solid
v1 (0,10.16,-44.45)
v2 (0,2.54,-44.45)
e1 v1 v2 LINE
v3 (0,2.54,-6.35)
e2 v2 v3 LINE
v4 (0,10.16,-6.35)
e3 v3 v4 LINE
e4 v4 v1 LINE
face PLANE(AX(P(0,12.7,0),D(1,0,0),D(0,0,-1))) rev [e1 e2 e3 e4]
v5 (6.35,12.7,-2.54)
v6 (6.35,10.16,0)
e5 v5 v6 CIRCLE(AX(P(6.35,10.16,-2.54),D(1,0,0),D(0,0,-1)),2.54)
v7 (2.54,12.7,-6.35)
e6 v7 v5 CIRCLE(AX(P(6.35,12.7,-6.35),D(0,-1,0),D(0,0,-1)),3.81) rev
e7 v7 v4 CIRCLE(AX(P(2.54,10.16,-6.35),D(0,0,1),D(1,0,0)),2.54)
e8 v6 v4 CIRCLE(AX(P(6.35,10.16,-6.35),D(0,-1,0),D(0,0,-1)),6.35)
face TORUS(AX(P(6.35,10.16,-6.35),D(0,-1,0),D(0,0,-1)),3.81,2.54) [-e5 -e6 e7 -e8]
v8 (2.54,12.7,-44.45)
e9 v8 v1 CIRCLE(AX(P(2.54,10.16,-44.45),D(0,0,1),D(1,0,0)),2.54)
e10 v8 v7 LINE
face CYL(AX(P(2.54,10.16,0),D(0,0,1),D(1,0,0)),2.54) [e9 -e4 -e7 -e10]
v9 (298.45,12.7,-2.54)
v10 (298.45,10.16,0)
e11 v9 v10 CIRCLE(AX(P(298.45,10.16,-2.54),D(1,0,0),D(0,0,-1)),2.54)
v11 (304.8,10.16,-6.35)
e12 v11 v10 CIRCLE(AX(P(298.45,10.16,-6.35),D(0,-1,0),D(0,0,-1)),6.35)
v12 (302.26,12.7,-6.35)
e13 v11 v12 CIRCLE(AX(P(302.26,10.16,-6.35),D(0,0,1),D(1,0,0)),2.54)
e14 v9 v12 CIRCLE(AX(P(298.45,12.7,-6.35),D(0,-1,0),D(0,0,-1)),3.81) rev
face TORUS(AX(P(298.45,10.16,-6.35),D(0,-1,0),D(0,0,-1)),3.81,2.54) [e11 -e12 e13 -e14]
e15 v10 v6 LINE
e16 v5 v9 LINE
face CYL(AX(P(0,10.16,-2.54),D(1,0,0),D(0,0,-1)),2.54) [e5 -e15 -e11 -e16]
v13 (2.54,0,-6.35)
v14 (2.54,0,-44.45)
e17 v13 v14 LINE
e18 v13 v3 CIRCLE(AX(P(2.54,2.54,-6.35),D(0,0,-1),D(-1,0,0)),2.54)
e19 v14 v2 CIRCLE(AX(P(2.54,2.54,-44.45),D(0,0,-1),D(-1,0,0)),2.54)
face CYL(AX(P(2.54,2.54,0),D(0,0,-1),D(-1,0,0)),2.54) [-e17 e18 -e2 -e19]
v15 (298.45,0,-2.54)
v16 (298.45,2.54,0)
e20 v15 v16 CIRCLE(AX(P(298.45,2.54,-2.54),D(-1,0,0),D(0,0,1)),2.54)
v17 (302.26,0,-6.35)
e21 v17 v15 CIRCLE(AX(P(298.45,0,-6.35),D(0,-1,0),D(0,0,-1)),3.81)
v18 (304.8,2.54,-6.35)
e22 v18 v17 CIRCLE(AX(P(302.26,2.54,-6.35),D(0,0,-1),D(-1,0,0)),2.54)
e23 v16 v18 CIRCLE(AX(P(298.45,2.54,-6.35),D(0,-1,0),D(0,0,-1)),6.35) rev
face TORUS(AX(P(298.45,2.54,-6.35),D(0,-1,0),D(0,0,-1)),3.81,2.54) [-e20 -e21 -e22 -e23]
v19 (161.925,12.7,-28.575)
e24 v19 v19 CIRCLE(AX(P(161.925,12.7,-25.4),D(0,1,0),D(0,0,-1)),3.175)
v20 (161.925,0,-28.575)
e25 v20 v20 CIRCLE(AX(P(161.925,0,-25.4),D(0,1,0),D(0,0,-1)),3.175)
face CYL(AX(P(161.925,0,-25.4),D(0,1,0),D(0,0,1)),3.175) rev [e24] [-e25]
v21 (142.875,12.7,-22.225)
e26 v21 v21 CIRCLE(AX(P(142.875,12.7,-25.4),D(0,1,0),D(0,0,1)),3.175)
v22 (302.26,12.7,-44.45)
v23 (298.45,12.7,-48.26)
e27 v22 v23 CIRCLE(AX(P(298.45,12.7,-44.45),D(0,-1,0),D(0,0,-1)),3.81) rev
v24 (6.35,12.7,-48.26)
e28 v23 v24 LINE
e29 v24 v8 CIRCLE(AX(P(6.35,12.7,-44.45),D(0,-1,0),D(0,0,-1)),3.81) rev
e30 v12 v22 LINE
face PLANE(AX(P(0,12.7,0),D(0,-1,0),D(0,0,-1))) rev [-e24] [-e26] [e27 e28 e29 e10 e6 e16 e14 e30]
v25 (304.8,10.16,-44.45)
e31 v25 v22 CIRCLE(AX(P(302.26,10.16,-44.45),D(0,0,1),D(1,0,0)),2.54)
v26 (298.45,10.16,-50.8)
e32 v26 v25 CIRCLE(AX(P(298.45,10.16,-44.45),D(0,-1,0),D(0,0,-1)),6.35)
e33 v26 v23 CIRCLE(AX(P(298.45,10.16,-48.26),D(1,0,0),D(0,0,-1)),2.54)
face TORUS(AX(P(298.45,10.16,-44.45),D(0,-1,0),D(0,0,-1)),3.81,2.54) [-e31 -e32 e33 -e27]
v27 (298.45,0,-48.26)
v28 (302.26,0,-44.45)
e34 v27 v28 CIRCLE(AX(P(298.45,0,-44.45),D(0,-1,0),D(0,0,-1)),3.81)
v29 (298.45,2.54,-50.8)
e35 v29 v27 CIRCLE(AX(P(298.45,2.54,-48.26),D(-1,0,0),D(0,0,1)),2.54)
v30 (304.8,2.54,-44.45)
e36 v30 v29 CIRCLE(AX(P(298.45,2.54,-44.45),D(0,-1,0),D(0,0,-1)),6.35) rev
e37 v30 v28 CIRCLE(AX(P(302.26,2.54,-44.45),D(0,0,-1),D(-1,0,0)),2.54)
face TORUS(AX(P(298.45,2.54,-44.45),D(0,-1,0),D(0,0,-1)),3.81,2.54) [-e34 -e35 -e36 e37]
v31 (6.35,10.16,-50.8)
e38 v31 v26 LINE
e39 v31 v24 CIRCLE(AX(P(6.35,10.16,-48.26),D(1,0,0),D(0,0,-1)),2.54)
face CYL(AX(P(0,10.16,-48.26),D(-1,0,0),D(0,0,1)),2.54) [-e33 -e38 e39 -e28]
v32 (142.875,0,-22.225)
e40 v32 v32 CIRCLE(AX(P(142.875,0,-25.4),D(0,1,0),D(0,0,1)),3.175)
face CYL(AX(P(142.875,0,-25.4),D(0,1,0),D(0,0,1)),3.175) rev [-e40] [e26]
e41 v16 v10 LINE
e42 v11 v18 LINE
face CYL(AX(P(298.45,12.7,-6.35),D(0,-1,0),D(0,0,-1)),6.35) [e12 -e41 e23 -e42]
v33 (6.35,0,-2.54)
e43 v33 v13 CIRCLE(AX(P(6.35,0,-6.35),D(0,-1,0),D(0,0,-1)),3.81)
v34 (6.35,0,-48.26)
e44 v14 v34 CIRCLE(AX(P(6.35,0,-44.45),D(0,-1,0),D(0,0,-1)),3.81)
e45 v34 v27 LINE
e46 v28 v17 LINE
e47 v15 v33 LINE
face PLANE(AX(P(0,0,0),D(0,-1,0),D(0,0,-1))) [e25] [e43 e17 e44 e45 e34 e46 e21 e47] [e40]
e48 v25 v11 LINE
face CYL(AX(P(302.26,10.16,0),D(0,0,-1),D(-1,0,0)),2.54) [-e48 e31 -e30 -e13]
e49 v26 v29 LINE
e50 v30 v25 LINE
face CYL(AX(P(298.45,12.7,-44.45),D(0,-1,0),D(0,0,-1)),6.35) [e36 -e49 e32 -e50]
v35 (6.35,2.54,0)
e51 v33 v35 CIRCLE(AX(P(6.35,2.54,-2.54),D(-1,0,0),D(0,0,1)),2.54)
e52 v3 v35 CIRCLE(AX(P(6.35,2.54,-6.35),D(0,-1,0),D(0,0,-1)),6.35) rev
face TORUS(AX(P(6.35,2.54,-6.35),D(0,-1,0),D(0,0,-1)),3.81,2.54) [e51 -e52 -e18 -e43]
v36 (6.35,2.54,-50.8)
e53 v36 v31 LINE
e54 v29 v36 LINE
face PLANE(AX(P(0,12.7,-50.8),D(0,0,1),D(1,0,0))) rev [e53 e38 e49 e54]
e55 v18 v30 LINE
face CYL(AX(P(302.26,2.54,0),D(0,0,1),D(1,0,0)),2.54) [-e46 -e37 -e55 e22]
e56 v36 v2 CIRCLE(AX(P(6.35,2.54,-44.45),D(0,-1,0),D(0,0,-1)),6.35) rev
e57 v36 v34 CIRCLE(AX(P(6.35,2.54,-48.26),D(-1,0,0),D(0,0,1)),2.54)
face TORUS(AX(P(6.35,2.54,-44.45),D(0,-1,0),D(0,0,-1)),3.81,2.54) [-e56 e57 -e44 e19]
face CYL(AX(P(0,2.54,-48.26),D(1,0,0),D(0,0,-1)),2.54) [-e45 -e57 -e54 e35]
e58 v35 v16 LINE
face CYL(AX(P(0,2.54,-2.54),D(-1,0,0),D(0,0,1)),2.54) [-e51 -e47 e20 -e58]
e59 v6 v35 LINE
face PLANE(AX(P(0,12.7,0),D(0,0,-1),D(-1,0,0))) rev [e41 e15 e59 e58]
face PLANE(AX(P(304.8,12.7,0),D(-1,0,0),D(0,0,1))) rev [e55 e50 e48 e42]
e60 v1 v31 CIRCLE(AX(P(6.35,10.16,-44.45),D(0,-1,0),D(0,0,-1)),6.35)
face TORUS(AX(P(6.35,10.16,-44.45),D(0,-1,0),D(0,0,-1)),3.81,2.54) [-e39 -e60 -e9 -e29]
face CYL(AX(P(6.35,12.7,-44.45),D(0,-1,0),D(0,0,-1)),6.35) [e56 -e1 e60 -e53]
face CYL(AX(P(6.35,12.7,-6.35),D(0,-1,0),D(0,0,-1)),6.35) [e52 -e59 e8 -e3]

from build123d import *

# Parameters (mm, degrees)
SKETCH1_W           = 304.8
SKETCH1_H           = 50.8
BOSS_EXTRUDE1_DEPTH = 12.7
FILLET1_R           = 6.35
FILLET2_R           = 2.54
SKETCH2_R           = 3.175
CUT_EXTRUDE1_DEPTH  = 310.265209812


with BuildPart() as part:
    # Sketch1 → Boss-Extrude1 (new body)
    with BuildSketch(Plane(origin=(0, 0, 0), x_dir=(1, 0, 0), z_dir=(0, 1, 0))):
        with Locations((152.4, 25.4)):
            Rectangle(SKETCH1_W, SKETCH1_H)
    extrude(amount=BOSS_EXTRUDE1_DEPTH)

    # Fillet1
    fillet1_edges = [part.edges().sort_by_distance(p)[0] for p in [
        (0, 6.35, -50.8),
        (304.8, 6.35, -50.8),
        (304.8, 6.35, 0),
        (0, 6.35, 0),
    ]]
    fillet(fillet1_edges, radius=FILLET1_R)

    # Fillet2
    fillet2_edges = [part.edges().sort_by_distance(p)[0] for p in [
        (152.4, 0, -50.8),
        (152.4, 12.7, -50.8),
        (0, 0, -25.4),
        (304.8, 0, -25.4),
        (152.4, 0, 0),
        (1.859871939, 0, -1.859871939),
        (1.859871939, 0, -48.940128061),
        (302.940128061, 0, -1.859871939),
        (302.940128061, 0, -48.940128061),
        (304.8, 12.7, -25.4),
        (0, 12.7, -25.4),
        (152.4, 12.7, 0),
        (1.859871939, 12.7, -1.859871939),
        (1.859871939, 12.7, -48.940128061),
        (302.940128061, 12.7, -1.859871939),
        (302.940128061, 12.7, -48.940128061),
    ]]
    fillet(fillet2_edges, radius=FILLET2_R)

    # Sketch2 → Cut-Extrude1 (cut, through all)
    with BuildSketch(Plane(origin=(0, 12.7, 0), x_dir=(1, 0, 0), z_dir=(0, 1, 0))):
        with Locations(Location((142.875, 25.4, 0), (0, 0, 270))):
            Circle(SKETCH2_R)
        with Locations(Location((161.925, 25.4, 0), (0, 0, 90))):
            Circle(SKETCH2_R)
    extrude(amount=-CUT_EXTRUDE1_DEPTH, mode=Mode.SUBTRACT)


solid = part.part
